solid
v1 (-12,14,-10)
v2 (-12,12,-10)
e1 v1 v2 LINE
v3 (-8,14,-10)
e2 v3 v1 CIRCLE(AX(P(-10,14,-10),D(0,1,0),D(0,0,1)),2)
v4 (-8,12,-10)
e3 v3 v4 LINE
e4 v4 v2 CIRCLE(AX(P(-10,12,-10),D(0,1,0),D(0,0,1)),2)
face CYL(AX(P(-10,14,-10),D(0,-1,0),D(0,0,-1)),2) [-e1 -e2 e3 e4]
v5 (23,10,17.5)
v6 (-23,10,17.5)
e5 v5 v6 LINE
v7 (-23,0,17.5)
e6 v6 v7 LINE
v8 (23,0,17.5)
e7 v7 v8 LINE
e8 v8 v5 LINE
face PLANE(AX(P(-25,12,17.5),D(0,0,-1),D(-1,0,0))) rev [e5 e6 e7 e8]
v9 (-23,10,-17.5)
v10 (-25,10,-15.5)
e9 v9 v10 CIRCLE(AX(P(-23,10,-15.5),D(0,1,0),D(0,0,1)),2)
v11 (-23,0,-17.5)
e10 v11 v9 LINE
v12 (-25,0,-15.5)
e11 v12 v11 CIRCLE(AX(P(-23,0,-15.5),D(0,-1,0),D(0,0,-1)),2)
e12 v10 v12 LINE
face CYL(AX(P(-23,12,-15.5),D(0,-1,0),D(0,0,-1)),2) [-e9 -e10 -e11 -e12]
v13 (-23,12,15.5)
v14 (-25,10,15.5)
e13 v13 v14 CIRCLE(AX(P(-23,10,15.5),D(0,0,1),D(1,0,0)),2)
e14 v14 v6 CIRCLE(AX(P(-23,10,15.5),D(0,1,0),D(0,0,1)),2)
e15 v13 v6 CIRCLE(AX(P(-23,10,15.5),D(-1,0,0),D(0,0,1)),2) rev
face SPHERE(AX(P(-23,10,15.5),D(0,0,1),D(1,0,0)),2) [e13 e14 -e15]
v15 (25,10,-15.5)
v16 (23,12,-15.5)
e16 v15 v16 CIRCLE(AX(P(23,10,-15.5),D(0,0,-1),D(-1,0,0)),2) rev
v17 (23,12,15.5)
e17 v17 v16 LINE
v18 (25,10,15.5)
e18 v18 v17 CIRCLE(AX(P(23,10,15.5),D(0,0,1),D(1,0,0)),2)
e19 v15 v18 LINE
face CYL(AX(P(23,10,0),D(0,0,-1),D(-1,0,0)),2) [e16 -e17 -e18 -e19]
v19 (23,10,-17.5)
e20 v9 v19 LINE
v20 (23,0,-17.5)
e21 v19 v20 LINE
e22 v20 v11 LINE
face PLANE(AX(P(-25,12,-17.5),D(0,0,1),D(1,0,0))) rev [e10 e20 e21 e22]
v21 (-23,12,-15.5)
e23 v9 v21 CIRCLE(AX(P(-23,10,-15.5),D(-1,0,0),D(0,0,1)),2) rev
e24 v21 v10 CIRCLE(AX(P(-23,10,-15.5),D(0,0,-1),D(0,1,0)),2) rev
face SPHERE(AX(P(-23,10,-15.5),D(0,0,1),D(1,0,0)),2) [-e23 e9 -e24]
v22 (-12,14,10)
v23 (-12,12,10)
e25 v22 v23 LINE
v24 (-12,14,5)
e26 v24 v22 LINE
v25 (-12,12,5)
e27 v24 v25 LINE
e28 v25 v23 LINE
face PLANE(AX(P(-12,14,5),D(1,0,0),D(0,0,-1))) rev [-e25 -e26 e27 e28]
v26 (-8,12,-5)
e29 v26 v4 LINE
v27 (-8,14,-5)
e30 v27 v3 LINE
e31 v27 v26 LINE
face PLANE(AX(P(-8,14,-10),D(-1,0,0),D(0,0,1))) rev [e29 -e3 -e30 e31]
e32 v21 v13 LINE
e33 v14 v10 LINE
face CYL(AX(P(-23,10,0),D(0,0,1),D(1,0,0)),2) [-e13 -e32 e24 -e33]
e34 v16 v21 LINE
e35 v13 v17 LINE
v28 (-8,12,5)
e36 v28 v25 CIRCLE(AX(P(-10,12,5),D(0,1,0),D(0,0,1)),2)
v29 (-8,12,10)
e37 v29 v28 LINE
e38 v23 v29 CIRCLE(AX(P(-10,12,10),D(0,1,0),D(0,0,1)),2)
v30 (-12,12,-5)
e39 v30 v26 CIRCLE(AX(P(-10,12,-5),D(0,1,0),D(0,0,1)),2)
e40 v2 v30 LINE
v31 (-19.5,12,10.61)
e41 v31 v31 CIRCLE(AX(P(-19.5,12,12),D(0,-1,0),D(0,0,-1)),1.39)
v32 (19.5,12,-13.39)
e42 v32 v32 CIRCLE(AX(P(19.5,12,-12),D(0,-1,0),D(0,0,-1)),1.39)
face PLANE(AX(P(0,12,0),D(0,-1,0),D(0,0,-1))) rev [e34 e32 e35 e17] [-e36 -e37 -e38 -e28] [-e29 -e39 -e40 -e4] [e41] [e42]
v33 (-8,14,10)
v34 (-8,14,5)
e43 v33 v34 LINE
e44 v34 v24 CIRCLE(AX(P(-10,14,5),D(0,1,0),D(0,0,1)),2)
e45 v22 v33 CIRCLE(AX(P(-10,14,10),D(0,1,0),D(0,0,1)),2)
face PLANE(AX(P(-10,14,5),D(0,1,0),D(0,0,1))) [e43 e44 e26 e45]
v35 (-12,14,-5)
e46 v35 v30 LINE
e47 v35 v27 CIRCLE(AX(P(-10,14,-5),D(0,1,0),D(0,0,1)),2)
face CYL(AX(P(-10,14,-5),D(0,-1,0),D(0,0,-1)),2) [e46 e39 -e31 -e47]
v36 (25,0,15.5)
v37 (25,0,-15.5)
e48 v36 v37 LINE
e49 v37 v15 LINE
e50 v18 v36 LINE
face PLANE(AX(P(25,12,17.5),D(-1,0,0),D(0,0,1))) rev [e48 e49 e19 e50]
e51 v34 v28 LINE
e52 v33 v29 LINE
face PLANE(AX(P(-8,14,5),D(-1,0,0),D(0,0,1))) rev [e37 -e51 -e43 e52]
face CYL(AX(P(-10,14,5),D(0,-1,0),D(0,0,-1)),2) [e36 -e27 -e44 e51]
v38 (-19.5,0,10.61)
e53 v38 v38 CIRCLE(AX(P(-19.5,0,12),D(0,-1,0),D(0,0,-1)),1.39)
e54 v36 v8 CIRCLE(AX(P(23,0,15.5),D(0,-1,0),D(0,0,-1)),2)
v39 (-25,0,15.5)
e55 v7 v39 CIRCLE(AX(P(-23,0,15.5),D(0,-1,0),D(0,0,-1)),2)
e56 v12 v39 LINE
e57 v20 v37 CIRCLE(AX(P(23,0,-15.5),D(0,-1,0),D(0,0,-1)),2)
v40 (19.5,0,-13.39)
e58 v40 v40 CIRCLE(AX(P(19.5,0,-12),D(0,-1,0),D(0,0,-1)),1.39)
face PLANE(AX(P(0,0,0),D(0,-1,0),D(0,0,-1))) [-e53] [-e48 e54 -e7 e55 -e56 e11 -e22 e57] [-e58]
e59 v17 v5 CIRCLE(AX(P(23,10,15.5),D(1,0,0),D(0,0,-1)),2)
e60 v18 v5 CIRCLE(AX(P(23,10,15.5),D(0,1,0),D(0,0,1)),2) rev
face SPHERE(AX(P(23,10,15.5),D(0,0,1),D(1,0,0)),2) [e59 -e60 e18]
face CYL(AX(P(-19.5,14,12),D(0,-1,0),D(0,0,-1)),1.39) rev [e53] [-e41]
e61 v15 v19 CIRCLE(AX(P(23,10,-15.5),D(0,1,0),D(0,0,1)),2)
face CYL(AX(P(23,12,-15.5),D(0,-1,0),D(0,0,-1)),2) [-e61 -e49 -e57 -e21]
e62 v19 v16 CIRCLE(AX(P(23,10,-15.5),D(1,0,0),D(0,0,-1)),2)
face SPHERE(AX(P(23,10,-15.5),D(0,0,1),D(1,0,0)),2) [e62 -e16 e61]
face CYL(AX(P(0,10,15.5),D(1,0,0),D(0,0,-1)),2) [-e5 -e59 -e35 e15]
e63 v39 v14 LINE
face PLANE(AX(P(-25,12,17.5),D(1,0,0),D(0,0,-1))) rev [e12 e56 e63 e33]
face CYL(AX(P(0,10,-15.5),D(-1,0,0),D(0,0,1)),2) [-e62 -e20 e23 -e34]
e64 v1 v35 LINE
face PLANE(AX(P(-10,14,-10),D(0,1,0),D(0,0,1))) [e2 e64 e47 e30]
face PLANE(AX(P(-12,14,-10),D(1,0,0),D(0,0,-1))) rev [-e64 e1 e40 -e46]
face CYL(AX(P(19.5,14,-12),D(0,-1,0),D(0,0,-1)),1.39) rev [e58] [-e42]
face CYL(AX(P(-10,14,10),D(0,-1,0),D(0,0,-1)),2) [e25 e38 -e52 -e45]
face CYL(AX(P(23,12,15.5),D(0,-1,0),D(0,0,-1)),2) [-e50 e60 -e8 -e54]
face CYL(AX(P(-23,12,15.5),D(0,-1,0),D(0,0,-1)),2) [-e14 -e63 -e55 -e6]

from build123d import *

# Parameters (mm, degrees)
SKETCH1_W           = 50
SKETCH1_H           = 35
BOSS_EXTRUDE1_DEPTH = 12
BOSS_EXTRUDE2_DEPTH = 2
FILLET1_R           = 2
SKETCH4_R           = 1.39
CUT_EXTRUDE1_DEPTH  = 34.574543928


with BuildPart() as part:
    # Sketch1 → Boss-Extrude1 (new body)
    with BuildSketch(Plane(origin=(0, 0, 0), x_dir=(1, 0, 0), z_dir=(0, 1, 0))):
        Rectangle(SKETCH1_W, SKETCH1_H)
    extrude(amount=BOSS_EXTRUDE1_DEPTH)

    # Sketch2 → Boss-Extrude2 (add)
    with BuildSketch(Plane(origin=(0, 12, 0), x_dir=(1, 0, 0), z_dir=(0, 1, 0))):
        with BuildLine():
            Line((-8, 10), (-8, 5))
            ThreePointArc((-8, 5), (-10, 3), (-12, 5))
            Line((-12, 5), (-12, 10))
            ThreePointArc((-12, 10), (-10, 12), (-8, 10))
        make_face()
        with BuildLine():
            Line((-8, -5), (-8, -10))
            ThreePointArc((-8, -10), (-10, -12), (-12, -10))
            Line((-12, -10), (-12, -5))
            ThreePointArc((-12, -5), (-10, -3), (-8, -5))
        make_face()
    extrude(amount=BOSS_EXTRUDE2_DEPTH)

    # Fillet1
    fillet1_edges = [part.edges().sort_by_distance(p)[0] for p in [
        (-25, 12, 0),
        (0, 12, 17.5),
        (25, 12, 0),
        (0, 12, -17.5),
        (25, 6, 17.5),
        (-25, 6, 17.5),
        (-25, 6, -17.5),
        (25, 6, -17.5),
    ]]
    fillet(fillet1_edges, radius=FILLET1_R)

    # Sketch4 → Cut-Extrude1 (cut, through all)
    with BuildSketch(Plane.XZ):
        with Locations(Location((-19.5, 12, 0), (0, 0, 270))):
            Circle(SKETCH4_R)
        with Locations(Location((19.5, -12, 0), (0, 0, 270))):
            Circle(SKETCH4_R)
    extrude(amount=-CUT_EXTRUDE1_DEPTH, mode=Mode.SUBTRACT)


solid = part.part
